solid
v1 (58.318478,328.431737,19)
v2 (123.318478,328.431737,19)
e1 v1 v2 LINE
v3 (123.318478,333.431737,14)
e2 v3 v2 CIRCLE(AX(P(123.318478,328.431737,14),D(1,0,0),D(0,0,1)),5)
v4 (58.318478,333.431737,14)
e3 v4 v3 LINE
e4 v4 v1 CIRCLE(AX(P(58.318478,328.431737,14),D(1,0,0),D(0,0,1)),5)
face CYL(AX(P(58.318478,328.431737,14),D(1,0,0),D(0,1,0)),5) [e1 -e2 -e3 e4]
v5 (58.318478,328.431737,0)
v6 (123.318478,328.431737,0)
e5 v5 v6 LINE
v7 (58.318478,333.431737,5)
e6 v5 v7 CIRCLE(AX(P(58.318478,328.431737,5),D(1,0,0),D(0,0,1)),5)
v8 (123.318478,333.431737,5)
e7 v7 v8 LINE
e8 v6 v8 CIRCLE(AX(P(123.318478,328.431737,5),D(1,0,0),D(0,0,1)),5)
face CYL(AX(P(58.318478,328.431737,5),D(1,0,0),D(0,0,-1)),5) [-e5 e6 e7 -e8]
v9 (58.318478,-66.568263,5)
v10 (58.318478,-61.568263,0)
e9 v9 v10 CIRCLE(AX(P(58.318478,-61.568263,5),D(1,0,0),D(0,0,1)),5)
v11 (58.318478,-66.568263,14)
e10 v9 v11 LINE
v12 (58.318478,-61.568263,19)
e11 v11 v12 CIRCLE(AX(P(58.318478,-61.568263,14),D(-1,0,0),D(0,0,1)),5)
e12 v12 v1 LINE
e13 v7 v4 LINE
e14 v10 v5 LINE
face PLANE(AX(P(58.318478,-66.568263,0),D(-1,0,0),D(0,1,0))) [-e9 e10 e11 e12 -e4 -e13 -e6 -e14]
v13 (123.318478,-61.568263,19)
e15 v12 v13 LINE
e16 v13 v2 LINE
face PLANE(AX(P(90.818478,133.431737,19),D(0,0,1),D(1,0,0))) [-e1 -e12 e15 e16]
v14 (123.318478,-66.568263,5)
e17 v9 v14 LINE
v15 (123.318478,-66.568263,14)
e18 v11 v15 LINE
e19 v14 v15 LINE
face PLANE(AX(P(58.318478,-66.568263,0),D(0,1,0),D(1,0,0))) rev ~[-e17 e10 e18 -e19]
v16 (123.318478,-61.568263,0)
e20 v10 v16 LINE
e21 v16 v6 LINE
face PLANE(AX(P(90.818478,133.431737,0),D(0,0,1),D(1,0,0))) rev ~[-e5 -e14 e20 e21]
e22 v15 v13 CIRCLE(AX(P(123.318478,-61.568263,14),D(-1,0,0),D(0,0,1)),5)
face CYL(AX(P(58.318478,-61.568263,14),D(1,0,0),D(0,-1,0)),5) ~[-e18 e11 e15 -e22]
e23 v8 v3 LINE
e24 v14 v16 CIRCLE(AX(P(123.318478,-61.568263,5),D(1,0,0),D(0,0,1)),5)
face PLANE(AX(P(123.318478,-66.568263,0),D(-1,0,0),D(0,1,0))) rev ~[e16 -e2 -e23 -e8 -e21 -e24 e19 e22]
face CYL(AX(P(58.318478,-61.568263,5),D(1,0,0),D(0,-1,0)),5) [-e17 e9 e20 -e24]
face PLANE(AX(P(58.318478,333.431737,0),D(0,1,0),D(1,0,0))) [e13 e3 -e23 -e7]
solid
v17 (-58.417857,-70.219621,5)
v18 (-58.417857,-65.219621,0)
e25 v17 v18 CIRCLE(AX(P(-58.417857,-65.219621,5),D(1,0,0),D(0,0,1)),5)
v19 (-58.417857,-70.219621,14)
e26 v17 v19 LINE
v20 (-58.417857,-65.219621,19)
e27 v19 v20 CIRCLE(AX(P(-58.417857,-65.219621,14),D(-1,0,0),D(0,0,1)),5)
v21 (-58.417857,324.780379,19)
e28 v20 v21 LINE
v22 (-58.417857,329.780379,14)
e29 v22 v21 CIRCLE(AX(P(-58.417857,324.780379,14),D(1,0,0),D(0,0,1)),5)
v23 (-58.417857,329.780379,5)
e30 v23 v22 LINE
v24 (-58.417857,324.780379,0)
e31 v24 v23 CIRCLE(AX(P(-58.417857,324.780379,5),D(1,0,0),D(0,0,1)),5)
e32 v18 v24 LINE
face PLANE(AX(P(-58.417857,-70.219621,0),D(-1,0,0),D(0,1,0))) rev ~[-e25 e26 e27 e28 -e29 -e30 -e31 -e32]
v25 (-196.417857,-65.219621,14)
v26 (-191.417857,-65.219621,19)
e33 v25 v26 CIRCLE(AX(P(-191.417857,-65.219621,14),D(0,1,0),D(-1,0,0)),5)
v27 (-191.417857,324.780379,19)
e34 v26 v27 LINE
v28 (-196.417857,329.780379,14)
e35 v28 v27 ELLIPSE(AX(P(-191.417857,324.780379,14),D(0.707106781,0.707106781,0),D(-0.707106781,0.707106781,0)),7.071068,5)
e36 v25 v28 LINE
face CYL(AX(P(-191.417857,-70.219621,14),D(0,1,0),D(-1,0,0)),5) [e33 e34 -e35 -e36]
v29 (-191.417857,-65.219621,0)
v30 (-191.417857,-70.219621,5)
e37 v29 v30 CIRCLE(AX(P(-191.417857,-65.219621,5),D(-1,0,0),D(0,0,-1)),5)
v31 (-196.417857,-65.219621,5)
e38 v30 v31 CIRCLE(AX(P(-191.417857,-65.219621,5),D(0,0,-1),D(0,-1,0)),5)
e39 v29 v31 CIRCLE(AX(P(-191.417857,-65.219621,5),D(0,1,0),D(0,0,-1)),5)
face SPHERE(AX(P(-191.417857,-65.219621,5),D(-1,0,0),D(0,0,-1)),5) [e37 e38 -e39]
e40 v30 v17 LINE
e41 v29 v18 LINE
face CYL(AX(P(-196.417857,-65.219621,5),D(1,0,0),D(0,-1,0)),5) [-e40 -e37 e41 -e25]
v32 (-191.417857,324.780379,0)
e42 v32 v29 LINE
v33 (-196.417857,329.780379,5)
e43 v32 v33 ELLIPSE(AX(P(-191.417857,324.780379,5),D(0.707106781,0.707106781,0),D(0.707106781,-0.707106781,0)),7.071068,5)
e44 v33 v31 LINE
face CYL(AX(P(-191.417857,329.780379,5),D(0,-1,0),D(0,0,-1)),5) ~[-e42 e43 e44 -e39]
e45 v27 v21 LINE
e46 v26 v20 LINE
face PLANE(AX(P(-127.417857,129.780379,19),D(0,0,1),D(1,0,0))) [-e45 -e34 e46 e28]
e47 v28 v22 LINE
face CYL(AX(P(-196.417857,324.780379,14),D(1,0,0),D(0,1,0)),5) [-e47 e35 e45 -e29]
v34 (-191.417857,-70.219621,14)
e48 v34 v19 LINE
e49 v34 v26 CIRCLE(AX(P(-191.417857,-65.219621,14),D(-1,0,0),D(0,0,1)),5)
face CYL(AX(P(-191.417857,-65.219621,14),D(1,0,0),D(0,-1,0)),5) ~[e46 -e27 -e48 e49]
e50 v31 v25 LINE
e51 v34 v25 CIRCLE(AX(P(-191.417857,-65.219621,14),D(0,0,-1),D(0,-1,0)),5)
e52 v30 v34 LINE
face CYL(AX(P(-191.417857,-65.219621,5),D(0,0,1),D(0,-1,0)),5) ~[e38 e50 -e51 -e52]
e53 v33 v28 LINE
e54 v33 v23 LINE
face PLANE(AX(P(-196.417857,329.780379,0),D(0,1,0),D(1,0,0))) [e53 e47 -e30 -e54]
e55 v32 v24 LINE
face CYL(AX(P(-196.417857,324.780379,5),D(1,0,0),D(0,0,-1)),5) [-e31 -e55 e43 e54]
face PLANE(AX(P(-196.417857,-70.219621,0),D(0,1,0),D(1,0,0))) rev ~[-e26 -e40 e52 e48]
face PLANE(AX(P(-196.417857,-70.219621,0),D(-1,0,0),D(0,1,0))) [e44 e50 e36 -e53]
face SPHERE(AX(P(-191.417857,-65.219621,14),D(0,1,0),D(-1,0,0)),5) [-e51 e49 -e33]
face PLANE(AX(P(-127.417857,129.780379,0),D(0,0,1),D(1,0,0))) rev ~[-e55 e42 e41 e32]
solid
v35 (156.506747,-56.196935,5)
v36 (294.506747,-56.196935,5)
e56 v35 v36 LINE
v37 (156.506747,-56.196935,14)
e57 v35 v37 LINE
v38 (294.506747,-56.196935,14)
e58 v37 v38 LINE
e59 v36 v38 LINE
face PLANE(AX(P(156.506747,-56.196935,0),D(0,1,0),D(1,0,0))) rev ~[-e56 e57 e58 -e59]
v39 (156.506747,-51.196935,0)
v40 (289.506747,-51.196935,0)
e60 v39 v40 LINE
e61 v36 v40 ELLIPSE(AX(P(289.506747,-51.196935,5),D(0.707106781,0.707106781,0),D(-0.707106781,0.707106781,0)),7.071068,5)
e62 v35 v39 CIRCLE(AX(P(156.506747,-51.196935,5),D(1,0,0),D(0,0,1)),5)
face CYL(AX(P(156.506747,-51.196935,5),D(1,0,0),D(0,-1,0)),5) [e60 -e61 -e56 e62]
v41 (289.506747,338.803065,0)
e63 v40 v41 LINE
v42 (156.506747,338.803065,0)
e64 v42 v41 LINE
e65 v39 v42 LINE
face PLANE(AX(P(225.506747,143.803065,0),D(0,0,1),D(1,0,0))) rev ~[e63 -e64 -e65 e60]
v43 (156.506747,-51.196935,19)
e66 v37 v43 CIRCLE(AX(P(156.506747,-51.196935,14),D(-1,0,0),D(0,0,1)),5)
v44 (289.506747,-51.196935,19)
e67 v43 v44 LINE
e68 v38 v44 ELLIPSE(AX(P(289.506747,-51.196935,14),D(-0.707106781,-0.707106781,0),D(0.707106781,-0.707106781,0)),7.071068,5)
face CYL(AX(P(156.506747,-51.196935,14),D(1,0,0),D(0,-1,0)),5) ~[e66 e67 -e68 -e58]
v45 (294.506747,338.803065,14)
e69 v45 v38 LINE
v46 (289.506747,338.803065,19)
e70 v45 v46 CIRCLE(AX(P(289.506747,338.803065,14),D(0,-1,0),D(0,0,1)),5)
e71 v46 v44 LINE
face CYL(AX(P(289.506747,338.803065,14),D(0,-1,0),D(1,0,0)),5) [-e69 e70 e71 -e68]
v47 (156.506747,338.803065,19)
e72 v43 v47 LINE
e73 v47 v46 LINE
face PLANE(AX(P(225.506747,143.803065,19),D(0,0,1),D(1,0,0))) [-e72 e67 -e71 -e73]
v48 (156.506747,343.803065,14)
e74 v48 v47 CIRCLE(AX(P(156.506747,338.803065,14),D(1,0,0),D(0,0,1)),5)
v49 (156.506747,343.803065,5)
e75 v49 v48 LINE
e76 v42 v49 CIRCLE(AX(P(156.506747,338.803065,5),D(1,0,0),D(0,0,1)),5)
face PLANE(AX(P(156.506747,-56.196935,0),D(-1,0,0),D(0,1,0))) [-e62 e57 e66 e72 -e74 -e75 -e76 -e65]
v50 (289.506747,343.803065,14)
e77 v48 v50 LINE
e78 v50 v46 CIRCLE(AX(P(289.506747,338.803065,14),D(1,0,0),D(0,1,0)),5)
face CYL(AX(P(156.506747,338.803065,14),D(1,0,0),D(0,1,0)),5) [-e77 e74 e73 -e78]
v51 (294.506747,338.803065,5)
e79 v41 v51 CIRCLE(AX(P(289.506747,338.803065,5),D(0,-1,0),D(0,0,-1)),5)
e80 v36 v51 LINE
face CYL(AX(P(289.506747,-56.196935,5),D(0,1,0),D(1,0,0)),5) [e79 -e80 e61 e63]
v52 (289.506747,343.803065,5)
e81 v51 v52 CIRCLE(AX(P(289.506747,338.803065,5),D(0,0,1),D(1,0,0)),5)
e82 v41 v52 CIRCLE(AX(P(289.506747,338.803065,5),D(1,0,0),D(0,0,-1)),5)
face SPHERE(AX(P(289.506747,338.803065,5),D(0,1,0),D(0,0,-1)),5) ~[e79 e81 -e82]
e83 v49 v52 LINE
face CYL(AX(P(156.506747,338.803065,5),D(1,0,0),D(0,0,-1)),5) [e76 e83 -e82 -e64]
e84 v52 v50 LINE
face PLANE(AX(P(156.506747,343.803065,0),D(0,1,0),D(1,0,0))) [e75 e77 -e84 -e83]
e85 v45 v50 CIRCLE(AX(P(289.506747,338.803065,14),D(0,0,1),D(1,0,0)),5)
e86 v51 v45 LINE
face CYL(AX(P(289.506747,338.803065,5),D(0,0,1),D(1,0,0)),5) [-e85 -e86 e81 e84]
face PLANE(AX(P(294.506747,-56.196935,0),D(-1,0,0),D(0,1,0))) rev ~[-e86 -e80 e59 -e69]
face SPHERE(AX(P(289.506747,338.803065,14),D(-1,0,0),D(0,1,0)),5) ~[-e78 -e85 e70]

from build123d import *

# Parameters (mm, degrees)
F0_W     = 138
F0_H     = 400
F0_W_2   = 65
F1_DEPTH = 19
F2_R     = 5
F3_R     = 5


with BuildPart() as f1:
    # F0 (on Top) → F1 (new body)
    with BuildSketch(Plane.XY):
        with Locations((-127.417857, 129.780379)):
            Rectangle(F0_W, F0_H)
        with Locations((90.818478, 133.431737)):
            Rectangle(F0_W_2, F0_H)
        with Locations((225.506747, 143.803065)):
            Rectangle(F0_W, F0_H)
    extrude(amount=F1_DEPTH)

    # F2
    f2_edges = [f1.edges().sort_by_distance(p)[0] for p in [
        (-196.417857, 129.780379, 19),
        (-127.417857, 329.780379, 19),
        (90.818478, 333.431737, 19),
        (225.506747, 343.803065, 19),
        (294.506747, 143.803065, 0),
        (225.506747, -56.196935, 0),
        (90.818478, -66.568263, 0),
        (-127.417857, -70.219621, 0),
    ]]
    fillet(f2_edges, radius=F2_R)

    # F3
    f3_edges = [f1.edges().sort_by_distance(p)[0] for p in [
        (-124.917857, -70.219621, 19),
        (-196.417857, 132.280379, 0),
        (-127.417857, 329.780379, 0),
        (90.818478, 333.431737, 0),
        (90.818478, -66.568263, 19),
        (223.006747, 343.803065, 0),
        (294.506747, 141.303065, 19),
        (225.506747, -56.196935, 19),
    ]]
    fillet(f3_edges, radius=F3_R)


solid = f1.part
